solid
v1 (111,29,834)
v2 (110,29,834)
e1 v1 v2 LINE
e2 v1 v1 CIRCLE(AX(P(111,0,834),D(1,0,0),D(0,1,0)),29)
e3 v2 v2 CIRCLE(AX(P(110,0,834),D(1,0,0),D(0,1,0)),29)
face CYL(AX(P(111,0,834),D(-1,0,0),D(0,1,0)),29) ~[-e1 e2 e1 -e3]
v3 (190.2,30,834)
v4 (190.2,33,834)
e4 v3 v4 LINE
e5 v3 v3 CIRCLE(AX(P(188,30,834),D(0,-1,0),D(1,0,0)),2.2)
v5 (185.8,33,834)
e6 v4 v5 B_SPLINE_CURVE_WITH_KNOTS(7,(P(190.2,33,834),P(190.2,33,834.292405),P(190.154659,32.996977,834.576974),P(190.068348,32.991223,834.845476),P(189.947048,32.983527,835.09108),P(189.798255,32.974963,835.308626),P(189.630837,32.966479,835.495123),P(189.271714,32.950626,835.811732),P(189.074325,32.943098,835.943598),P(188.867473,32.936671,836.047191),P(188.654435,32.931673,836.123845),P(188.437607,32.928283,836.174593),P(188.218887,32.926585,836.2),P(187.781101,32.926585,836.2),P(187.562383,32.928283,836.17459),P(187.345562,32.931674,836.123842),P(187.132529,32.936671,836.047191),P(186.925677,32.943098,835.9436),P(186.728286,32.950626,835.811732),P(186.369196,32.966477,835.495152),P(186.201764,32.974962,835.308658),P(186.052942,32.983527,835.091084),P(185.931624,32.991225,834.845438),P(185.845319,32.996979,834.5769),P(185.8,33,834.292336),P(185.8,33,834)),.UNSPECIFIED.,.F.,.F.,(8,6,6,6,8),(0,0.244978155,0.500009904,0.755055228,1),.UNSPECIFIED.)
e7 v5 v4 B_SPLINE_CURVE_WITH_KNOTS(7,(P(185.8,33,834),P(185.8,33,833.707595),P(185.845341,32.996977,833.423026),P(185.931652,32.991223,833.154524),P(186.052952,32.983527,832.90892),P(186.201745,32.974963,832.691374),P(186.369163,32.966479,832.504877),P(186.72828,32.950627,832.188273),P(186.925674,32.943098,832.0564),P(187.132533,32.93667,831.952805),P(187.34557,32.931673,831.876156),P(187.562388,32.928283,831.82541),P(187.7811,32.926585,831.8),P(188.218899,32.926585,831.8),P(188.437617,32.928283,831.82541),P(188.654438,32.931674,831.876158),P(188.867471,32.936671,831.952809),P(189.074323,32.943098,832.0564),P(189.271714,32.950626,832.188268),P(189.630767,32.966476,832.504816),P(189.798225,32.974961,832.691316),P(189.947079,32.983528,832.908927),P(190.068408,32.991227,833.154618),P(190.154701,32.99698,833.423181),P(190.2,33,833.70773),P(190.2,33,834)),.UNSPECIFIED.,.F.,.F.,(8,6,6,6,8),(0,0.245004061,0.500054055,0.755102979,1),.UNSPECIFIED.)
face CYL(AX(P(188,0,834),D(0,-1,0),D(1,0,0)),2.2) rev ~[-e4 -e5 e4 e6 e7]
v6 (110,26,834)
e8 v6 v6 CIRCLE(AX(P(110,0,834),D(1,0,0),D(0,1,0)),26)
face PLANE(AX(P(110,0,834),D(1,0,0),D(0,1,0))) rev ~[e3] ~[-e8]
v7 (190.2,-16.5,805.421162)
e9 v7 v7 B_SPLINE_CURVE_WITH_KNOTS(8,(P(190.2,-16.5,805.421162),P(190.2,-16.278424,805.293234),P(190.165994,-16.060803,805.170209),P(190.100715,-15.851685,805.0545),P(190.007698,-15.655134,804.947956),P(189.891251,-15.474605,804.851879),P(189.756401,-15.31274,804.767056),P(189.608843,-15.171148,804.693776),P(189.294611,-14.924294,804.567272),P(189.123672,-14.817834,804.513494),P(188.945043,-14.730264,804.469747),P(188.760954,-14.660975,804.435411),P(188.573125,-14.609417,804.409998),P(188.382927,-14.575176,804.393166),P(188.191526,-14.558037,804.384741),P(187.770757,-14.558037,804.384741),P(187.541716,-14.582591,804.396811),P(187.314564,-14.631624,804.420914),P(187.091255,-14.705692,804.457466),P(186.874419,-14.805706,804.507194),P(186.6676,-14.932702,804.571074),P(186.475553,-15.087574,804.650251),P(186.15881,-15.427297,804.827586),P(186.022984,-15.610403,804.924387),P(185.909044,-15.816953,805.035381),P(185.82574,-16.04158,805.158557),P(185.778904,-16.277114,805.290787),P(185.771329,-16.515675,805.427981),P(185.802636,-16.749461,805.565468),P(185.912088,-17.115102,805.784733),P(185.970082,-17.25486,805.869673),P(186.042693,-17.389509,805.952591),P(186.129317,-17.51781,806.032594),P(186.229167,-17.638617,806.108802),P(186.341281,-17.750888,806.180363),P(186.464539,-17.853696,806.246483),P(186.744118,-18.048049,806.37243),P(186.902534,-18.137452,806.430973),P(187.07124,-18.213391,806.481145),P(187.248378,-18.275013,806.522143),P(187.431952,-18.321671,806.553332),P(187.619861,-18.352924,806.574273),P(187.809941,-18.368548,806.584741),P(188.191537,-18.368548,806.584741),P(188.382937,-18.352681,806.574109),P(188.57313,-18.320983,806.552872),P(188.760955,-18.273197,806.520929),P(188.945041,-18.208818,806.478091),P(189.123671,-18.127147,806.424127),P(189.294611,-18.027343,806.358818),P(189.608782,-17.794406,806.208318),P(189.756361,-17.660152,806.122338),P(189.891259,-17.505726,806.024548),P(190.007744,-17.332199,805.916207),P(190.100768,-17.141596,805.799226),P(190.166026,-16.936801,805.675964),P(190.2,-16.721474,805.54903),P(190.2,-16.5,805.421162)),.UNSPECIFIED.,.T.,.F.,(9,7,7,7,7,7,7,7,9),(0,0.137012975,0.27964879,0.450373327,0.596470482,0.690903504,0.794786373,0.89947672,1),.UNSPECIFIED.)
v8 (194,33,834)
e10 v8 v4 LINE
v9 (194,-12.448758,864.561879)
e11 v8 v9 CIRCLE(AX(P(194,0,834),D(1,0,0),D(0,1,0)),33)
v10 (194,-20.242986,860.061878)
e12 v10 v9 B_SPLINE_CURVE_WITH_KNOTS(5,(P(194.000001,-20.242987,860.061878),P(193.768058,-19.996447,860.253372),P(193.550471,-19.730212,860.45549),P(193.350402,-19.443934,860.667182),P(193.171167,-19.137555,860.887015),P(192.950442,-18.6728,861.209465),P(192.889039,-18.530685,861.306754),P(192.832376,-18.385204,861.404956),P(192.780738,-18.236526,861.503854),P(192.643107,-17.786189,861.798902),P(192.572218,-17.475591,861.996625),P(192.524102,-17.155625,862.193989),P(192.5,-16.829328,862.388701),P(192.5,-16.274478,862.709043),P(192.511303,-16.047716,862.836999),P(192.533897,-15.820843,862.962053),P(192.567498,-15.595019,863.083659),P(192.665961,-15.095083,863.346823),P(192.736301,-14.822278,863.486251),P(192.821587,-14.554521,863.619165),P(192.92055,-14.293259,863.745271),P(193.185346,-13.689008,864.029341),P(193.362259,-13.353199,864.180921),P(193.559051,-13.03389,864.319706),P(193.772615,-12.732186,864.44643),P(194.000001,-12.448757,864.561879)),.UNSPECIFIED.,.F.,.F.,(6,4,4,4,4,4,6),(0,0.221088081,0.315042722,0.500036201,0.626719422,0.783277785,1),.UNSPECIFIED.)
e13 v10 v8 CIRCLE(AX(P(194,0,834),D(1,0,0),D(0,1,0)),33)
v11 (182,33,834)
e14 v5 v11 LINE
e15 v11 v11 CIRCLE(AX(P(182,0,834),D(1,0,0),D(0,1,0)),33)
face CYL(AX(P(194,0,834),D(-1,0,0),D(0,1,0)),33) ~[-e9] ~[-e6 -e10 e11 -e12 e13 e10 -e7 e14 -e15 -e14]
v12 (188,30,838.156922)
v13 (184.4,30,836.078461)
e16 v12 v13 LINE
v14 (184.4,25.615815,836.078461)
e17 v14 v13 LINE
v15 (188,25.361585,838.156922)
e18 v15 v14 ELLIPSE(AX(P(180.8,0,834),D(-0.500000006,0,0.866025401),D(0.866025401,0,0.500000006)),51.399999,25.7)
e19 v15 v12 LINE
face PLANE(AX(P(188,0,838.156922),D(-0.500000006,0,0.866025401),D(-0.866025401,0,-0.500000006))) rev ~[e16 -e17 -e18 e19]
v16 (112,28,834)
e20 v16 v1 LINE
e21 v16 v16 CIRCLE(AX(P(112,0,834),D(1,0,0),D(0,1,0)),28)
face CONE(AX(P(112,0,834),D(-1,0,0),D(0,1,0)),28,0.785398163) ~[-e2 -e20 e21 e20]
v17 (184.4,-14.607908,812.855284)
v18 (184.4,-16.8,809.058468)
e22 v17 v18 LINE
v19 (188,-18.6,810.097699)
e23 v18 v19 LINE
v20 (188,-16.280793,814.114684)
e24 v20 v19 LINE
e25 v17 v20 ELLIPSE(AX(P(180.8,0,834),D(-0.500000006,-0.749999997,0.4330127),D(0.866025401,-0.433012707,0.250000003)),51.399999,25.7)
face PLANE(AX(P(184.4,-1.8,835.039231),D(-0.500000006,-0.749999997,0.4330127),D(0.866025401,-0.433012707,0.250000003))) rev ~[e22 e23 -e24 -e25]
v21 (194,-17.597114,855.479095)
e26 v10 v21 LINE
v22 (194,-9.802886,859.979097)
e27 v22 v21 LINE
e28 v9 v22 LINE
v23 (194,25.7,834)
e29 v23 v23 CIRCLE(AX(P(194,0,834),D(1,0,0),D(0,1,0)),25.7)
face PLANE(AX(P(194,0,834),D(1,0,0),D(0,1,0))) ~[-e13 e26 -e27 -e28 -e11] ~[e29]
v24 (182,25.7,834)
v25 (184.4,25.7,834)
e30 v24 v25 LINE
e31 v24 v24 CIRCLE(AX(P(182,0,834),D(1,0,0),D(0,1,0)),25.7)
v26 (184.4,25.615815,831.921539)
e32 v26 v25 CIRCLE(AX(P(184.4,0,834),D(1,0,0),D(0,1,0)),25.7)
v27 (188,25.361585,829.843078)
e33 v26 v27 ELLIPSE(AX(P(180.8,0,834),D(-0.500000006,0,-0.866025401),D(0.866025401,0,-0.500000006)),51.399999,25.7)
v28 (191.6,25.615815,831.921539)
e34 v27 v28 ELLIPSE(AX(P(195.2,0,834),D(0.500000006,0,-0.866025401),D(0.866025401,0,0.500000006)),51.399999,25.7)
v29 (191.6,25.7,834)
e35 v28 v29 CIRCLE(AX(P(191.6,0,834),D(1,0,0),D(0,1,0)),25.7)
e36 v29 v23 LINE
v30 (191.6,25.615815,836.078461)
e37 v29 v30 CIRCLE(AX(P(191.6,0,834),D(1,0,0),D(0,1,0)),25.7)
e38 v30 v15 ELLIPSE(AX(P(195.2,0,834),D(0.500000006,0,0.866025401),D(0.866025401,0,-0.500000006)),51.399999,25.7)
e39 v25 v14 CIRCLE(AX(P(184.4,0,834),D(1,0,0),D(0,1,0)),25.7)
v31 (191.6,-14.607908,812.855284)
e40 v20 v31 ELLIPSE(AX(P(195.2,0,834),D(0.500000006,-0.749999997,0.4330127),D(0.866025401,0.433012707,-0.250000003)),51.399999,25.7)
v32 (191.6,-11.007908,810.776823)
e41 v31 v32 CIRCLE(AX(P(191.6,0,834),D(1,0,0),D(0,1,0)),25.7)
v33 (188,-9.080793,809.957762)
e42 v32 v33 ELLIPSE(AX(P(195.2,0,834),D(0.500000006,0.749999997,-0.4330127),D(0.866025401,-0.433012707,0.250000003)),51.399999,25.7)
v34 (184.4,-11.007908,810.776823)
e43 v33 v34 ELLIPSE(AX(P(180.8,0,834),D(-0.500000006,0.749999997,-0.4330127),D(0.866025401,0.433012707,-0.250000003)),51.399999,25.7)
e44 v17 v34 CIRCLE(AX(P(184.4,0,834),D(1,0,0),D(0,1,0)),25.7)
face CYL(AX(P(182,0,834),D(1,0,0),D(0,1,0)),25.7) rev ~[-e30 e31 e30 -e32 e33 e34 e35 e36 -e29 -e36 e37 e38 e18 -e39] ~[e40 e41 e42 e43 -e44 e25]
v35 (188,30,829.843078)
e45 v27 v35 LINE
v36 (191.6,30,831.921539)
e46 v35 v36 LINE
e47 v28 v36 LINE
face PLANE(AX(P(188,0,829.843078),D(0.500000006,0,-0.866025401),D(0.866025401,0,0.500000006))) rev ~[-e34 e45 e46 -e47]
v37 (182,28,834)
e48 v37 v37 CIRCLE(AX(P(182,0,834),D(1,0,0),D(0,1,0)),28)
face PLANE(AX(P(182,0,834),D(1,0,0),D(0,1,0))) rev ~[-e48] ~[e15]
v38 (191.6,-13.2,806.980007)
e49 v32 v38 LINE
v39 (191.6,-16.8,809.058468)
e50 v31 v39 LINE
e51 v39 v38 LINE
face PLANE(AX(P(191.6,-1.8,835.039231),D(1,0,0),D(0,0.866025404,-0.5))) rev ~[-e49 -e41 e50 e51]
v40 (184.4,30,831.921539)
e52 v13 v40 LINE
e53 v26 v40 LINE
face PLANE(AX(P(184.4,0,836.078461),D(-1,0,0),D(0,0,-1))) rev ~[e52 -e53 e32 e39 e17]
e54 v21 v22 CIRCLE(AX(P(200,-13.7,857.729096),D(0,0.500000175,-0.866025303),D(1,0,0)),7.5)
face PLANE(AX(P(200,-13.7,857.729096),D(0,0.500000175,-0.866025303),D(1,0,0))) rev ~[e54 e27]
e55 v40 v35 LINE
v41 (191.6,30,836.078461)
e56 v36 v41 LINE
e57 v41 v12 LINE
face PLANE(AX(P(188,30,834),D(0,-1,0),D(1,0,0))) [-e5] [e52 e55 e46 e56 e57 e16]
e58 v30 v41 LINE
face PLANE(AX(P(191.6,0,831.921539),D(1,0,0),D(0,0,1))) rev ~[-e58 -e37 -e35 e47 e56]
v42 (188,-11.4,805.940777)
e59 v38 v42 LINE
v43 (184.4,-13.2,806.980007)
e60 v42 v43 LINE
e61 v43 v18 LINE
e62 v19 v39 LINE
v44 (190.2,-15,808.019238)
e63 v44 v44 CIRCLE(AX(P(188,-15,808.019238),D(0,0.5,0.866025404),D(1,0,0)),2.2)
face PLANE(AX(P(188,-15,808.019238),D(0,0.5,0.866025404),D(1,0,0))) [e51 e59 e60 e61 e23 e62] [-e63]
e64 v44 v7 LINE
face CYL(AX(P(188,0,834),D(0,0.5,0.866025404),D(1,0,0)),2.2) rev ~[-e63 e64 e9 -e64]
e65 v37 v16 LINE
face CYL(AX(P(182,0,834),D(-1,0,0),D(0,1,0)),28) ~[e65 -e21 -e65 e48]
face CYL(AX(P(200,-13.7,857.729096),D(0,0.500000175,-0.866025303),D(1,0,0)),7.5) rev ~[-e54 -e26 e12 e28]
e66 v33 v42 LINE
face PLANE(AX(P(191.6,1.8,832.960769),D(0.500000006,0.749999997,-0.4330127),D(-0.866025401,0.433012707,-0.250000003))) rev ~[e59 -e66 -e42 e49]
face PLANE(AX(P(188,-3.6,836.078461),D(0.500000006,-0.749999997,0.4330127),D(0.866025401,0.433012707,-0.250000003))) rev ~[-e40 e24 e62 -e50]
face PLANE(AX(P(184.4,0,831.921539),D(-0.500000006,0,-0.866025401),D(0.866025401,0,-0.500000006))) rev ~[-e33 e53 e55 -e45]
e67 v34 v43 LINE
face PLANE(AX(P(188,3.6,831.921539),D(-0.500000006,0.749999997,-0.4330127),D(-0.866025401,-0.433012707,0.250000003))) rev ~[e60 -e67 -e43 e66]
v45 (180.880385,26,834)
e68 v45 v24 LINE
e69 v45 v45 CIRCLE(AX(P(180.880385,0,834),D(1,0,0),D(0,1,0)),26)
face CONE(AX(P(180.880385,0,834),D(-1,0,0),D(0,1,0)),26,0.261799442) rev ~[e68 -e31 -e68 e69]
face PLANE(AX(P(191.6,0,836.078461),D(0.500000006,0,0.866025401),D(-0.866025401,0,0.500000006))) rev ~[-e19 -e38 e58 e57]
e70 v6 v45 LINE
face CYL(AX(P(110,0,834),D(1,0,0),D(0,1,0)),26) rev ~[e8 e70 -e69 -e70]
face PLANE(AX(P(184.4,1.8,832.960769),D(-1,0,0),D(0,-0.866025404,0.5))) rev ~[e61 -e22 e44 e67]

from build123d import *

# Parameters (mm, degrees)
POCKET027_DEPTH       = 30
SKETCH032_R           = 2.2
POCKET028_DEPTH       = 284.142394
POLARPATTERN002_COUNT = 2
POLARPATTERN002_ANGLE = 240
SKETCH146_R           = 7.5
POCKET091_DEPTH       = 17.679838


with BuildPart() as part:
    # Sketch022 → Revolution001 (revolve)
    with BuildSketch(Plane.XY):
        Polygon((0, 26), (70.880385, 26), (72, 25.7), (84, 25.7), (84, 33), (72, 33), (72, 28), (2, 28), (1, 29), (0, 29), align=None)
    revolve(axis=Axis((0, 0, 0), (1, 0, 0)))

    # Sketch031 (on DatumPlane) → Pocket027 (cut)
    with BuildSketch(Plane(origin=(78, 0, 0), x_dir=(1, 0, 0), z_dir=(0, -1, 0))):
        Polygon((3.6, 2.078461), (0, 4.156922), (-3.6, 2.078461), (-3.6, -2.078461), (0, -4.156922), (3.6, -2.078461), align=None)
    pocket027 = extrude(amount=-POCKET027_DEPTH, mode=Mode.SUBTRACT)

    # Sketch032 (on DatumPlane) → Pocket028 (cut, through all)
    with BuildSketch(Plane(origin=(78, 0, 0), x_dir=(1, 0, 0), z_dir=(0, -1, 0))):
        Circle(SKETCH032_R)
    pocket028 = extrude(amount=-POCKET028_DEPTH, mode=Mode.SUBTRACT)

    # PolarPattern002: Pocket028, Pocket027 ×2 about axis
    polarpattern002_axis = Axis((0, 0, 0), (1, 0, 0))
    for i in range(1, POLARPATTERN002_COUNT):
        add(pocket028.rotate(polarpattern002_axis, i * POLARPATTERN002_ANGLE / (POLARPATTERN002_COUNT - 1)), mode=Mode.SUBTRACT)
        add(pocket027.rotate(polarpattern002_axis, i * POLARPATTERN002_ANGLE / (POLARPATTERN002_COUNT - 1)), mode=Mode.SUBTRACT)

    # Sketch146 (on DatumPlane) → Pocket091 (cut, through all)
    with BuildSketch(Plane(origin=(72, -13.7, 23.729096), x_dir=(1, 0, 0), z_dir=(0, 0.5, -0.866025))):
        with Locations((18, 0)):
            Circle(SKETCH146_R)
    extrude(amount=-POCKET091_DEPTH, mode=Mode.SUBTRACT)


with BuildPart() as part_1:
    # Body007 placement: moved
    add(part.part.moved(Location((110, 0, 834))))


solid = part_1.part
